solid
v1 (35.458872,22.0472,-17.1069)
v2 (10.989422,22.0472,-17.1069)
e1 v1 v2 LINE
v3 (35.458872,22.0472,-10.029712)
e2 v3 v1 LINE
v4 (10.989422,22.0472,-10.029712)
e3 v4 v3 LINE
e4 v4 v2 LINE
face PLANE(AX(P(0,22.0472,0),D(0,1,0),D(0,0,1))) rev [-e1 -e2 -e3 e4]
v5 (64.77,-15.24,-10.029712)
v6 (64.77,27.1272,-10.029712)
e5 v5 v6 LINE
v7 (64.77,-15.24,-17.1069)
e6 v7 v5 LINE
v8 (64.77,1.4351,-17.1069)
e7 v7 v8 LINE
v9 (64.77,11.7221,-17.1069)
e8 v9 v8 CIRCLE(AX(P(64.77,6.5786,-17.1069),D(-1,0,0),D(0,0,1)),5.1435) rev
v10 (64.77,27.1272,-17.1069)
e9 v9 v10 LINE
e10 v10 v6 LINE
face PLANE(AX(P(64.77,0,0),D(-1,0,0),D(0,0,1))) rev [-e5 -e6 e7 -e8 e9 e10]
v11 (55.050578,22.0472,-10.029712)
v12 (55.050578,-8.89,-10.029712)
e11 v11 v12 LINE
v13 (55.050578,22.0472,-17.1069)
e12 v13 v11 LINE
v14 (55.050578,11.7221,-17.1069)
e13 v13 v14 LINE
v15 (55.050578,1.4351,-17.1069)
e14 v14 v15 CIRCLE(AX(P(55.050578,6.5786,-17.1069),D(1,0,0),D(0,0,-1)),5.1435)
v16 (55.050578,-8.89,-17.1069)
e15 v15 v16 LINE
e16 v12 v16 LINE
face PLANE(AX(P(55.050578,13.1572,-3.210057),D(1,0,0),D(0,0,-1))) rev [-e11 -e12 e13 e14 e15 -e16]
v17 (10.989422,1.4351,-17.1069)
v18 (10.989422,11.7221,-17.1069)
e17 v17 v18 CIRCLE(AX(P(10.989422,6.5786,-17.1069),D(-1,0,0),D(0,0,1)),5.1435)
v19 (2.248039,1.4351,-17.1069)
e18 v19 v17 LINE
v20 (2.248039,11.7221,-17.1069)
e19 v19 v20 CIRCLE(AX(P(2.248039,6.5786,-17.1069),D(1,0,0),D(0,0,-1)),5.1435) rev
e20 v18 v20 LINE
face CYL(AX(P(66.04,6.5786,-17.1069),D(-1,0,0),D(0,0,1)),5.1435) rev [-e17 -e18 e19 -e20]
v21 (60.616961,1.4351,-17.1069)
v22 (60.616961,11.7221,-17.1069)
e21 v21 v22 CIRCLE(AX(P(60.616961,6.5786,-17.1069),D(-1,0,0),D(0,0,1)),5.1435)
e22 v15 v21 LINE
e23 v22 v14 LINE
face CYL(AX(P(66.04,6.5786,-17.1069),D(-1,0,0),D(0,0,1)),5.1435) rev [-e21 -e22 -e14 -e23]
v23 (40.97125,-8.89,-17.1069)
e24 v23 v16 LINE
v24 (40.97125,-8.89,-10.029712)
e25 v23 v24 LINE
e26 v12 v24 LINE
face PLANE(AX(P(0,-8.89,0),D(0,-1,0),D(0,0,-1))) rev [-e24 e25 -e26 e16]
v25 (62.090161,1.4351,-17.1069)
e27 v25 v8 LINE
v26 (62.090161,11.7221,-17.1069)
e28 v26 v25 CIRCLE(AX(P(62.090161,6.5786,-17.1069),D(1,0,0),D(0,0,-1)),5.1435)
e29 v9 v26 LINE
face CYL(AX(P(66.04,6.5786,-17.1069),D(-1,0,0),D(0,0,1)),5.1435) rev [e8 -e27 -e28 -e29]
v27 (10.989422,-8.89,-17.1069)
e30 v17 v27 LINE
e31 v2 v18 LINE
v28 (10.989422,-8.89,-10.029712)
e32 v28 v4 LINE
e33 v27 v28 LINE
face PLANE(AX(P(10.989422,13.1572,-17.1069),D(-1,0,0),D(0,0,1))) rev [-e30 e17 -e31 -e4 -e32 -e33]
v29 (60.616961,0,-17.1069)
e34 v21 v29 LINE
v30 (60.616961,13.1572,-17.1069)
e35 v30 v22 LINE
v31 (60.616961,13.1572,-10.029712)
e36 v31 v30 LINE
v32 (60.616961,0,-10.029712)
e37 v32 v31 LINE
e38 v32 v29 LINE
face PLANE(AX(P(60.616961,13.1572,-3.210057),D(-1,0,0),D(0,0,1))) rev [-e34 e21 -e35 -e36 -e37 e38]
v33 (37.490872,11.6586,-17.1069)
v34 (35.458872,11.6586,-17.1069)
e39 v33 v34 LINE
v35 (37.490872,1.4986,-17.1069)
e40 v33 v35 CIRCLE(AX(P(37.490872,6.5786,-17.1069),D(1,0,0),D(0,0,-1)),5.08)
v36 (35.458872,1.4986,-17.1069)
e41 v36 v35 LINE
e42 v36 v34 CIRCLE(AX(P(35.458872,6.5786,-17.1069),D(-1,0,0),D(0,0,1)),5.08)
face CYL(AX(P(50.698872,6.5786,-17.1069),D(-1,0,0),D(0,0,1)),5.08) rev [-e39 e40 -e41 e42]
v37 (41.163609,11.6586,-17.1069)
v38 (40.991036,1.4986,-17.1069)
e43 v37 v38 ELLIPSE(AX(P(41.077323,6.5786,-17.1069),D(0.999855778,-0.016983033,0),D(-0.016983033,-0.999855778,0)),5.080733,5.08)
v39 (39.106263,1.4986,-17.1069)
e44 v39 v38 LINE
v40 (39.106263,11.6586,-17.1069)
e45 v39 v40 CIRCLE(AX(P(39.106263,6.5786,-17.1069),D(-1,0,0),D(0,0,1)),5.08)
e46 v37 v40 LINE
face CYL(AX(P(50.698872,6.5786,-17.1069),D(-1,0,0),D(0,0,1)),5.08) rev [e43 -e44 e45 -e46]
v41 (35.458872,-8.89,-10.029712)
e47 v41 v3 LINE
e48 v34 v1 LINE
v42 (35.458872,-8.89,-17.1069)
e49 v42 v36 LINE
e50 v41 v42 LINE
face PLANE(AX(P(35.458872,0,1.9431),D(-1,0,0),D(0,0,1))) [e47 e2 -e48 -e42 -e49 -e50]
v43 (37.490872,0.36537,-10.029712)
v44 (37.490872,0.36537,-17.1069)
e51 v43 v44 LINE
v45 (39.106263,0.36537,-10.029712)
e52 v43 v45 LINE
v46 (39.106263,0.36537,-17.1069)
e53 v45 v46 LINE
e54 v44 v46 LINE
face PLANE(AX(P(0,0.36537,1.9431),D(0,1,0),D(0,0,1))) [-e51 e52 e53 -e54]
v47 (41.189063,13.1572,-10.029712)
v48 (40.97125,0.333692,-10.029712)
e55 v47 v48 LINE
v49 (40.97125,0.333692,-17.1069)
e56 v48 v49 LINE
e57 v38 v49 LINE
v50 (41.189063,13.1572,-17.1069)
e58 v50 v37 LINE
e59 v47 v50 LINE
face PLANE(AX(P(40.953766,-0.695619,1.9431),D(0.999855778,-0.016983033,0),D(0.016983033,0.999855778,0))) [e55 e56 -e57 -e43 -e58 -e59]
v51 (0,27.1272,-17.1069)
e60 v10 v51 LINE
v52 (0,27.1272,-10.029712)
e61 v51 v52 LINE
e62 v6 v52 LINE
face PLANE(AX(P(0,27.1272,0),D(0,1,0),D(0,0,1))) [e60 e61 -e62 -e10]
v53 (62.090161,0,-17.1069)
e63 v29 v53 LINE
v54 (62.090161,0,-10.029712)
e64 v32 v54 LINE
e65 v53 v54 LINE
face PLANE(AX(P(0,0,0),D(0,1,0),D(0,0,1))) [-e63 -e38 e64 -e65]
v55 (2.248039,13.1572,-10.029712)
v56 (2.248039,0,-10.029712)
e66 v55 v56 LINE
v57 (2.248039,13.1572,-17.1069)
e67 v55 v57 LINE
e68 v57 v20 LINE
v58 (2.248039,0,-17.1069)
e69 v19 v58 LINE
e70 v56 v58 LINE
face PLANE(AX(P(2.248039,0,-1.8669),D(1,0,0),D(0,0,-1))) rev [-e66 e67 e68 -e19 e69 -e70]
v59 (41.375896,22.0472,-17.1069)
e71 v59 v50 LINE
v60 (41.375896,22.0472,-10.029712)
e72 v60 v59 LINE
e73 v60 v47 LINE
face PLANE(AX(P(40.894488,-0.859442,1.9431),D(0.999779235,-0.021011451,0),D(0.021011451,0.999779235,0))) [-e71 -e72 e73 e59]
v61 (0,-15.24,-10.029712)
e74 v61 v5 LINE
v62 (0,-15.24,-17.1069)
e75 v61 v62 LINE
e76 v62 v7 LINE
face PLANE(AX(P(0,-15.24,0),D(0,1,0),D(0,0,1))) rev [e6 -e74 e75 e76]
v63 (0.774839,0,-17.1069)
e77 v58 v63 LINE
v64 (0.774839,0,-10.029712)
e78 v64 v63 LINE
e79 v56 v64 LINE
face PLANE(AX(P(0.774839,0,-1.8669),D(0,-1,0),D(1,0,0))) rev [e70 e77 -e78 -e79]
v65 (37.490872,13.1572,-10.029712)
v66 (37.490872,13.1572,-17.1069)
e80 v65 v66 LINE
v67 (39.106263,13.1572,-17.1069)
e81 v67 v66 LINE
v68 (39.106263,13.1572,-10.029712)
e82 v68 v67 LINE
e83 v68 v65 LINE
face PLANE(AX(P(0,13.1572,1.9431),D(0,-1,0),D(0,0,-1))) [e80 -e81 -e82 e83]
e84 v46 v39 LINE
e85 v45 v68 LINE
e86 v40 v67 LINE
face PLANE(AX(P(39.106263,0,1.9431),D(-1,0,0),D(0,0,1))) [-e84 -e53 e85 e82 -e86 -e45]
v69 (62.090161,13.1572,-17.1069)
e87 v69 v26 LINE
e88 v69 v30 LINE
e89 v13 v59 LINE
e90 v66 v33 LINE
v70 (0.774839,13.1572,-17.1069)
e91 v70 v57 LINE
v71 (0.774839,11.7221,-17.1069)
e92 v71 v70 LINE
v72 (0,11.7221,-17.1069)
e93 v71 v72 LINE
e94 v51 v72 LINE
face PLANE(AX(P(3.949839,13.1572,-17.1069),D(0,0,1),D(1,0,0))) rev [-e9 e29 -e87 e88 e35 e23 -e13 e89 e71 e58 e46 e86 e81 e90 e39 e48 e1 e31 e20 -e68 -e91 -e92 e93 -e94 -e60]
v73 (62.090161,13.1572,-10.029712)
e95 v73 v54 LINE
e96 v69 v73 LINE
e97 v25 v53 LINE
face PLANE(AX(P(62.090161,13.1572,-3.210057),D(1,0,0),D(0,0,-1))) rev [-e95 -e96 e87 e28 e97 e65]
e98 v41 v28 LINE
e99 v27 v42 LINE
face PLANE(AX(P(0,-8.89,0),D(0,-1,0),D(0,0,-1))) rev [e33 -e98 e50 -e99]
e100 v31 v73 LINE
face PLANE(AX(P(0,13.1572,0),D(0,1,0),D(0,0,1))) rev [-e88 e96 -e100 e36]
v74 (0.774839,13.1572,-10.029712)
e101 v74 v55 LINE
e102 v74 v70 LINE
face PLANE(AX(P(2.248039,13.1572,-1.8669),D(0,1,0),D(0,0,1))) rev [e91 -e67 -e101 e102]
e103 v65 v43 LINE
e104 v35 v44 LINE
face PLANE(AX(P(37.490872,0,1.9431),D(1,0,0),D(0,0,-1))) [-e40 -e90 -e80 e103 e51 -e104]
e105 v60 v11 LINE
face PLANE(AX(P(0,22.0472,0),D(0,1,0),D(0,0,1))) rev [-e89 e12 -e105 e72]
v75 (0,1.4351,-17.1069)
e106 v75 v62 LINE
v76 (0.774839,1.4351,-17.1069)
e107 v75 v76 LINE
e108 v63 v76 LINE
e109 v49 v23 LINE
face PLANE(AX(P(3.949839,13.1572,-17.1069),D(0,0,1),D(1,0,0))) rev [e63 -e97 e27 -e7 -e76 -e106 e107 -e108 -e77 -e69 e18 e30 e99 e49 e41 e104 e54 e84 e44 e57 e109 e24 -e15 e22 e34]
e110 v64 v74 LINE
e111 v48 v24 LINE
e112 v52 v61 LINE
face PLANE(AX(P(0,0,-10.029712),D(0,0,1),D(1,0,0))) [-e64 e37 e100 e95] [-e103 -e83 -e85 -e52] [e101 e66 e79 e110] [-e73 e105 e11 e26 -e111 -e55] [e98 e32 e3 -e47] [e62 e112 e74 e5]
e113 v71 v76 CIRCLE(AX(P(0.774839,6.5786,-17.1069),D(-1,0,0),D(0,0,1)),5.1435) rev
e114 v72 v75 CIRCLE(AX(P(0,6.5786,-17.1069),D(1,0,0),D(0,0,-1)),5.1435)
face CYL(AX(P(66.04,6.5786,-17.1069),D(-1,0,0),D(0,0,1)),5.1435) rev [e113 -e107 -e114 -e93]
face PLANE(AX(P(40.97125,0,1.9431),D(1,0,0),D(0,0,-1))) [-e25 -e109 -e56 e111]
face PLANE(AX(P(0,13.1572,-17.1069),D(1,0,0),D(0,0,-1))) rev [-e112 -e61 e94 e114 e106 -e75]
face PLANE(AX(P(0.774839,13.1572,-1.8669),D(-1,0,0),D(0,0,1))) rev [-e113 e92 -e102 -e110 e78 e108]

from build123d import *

# Parameters (mm, degrees)
BOSS_EXTRUDE1_DEPTH     = 13.1572
BOSS_EXTRUDE2_DEPTH     = 8.89
SKETCH3_W               = 66.04
SKETCH3_H               = 20.285187831
BOSS_EXTRUDE3_DEPTH     = 5.08
BOSS_EXTRUDE4_DEPTH     = 8.89
CUT_EXTRUDE1_DEPTH      = 64.71104446
CUT_EXTRUDE1_DEPTH_BACK = 64.71104446
SKETCH6_R               = 5.1435
SKETCH7_W               = 66.04
SKETCH7_H               = 20.285187831
BOSS_EXTRUDE5_DEPTH     = 25.4
SKETCH9_W               = 1.615391333
SKETCH9_H               = 12.791830428
BOSS_EXTRUDE6_DEPTH     = 19.05
SKETCH10_R              = 5.08
CUT_EXTRUDE2_DEPTH      = 15.24
CUT_EXTRUDE3_DEPTH      = 1.27
SKETCH14_W              = 1.4732
SKETCH14_H              = 13.1572
CUT_EXTRUDE4_DEPTH      = 15.24
SKETCH15_W              = 64.77
SKETCH15_H              = 20.285187831
CUT_EXTRUDE5_DEPTH      = 19.05
BOSS_EXTRUDE7_DEPTH     = 1.4986
SKETCH17_W              = 64.77
SKETCH17_H              = 42.3672
CUT_EXTRUDE7_DEPTH      = 13.208


with BuildPart() as part:
    # Sketch1 → Boss-Extrude1 (new body)
    with BuildSketch(Plane(origin=(0, 0, 0), x_dir=(1, 0, 0), z_dir=(0, 1, 0))):
        Polygon((3.949839476, 3.210057439), (3.949839476, 17.1069), (0, 17.1069), (0, 0), (0, -3.178287831), (66.04, -3.178287831), (66.04, 0), (66.04, 17.1069), (62.090160524, 17.1069), (62.090160524, 3.210057439), (60.616960524, 3.210057439), (60.616960524, 17.1069), (55.050578368, 17.1069), (55.050578368, 3.210057439), (55.050578368, 0), (10.989421632, 0), (10.989421632, 3.210057439), (10.989421632, 17.1069), (5.423039476, 17.1069), (5.423039476, 3.210057439), align=None)
    extrude(amount=BOSS_EXTRUDE1_DEPTH)

    # Sketch2 → Boss-Extrude2 (add)
    with BuildSketch(Plane(origin=(0, 13.1572, 0), x_dir=(1, 0, 0), z_dir=(0, 1, 0))):
        Polygon((10.989421632, 17.1069), (0, 17.1069), (0, -3.178287831), (66.04, -3.178287831), (66.04, 17.1069), (55.050578368, 17.1069), (55.050578368, -0.226283794), (10.989421632, 0), align=None)
    extrude(amount=BOSS_EXTRUDE2_DEPTH)

    # Sketch3 → Boss-Extrude3 (add)
    with BuildSketch(Plane(origin=(0, 22.0472, 0), x_dir=(1, 0, 0), z_dir=(0, 1, 0))):
        with Locations((33.02, 6.964306084)):
            Rectangle(SKETCH3_W, SKETCH3_H)
    extrude(amount=BOSS_EXTRUDE3_DEPTH)

    # Sketch4 → Boss-Extrude4 (add)
    with BuildSketch(Plane.XZ):
        Polygon((66.04, -17.1069), (55.050578368, -17.1069), (55.050578368, 0), (10.989421632, 0), (10.989421632, -17.1069), (0, -17.1069), (0, 3.178287831), (66.04, 3.178287831), align=None)
    extrude(amount=BOSS_EXTRUDE4_DEPTH)

    # Sketch6 → Cut-Extrude1 (cut, two sides: drawn at the far end of the back side and taken through both)
    with BuildSketch(Plane.ZY.offset(-55.050578368).offset(-CUT_EXTRUDE1_DEPTH_BACK)):
        with Locations((-17.1069, 6.5786)):
            Circle(SKETCH6_R)
    extrude(amount=CUT_EXTRUDE1_DEPTH + CUT_EXTRUDE1_DEPTH_BACK, mode=Mode.SUBTRACT)

    # Sketch7 → Boss-Extrude5 (add)
    with BuildSketch(Plane.XZ.offset(8.89)):
        with Locations((33.02, -6.964306084)):
            Rectangle(SKETCH7_W, SKETCH7_H)
    extrude(amount=BOSS_EXTRUDE5_DEPTH)

    # Sketch9 → Boss-Extrude6 (add)
    with BuildSketch(Plane(origin=(0, 0, -17.1069), x_dir=(-1, 0, 0), z_dir=(0, 0, -1))):
        Polygon((-41.375896334, 22.0472), (-41.18906329, 13.1572), (-40.971249817, 0.333691876), (-40.971249817, -8.89), (-37.490871957, -8.89), (-35.458871957, -8.89), (-35.458871957, 13.1572), (-35.458871957, 22.0472), align=None)
        with Locations((-38.298567624, 6.761284786)):
            Rectangle(SKETCH9_W, SKETCH9_H, mode=Mode.SUBTRACT)
    extrude(amount=-BOSS_EXTRUDE6_DEPTH)

    # Sketch10 → Cut-Extrude2 (cut)
    with BuildSketch(Plane.ZY.offset(-35.458871957)):
        with Locations((-17.1069, 6.5786)):
            Circle(SKETCH10_R)
    extrude(amount=-CUT_EXTRUDE2_DEPTH, mode=Mode.SUBTRACT)

    # Sketch12 → Cut-Extrude3 (cut)
    with BuildSketch(Plane(origin=(66.04, 0, 0), x_dir=(0, 0, -1), z_dir=(1, 0, 0))):
        Polygon((17.1069, 27.1272), (17.1069, 11.7221), (17.1069, 1.4351), (17.1069, -34.29), (-3.178287831, -34.29), (-3.52610715, 27.1272), align=None)
    extrude(amount=-CUT_EXTRUDE3_DEPTH, mode=Mode.SUBTRACT)

    # Sketch14 → Cut-Extrude4 (cut)
    with BuildSketch(Plane(origin=(0, 0, -17.1069), x_dir=(-1, 0, 0), z_dir=(0, 0, -1))):
        with Locations((-4.686439476, 6.5786)):
            Rectangle(SKETCH14_W, SKETCH14_H)
        with Locations((-1.511439476, 6.5786)):
            Rectangle(SKETCH14_W, SKETCH14_H)
    extrude(amount=-CUT_EXTRUDE4_DEPTH, mode=Mode.SUBTRACT)

    # Sketch15 → Cut-Extrude5 (cut)
    with BuildSketch(Plane.XZ.offset(34.29)):
        with Locations((32.385, -6.964306084)):
            Rectangle(SKETCH15_W, SKETCH15_H)
    extrude(amount=-CUT_EXTRUDE5_DEPTH, mode=Mode.SUBTRACT)

    # Sketch16 → Boss-Extrude7 (add)
    with BuildSketch(Plane.ZY.offset(-5.423039476)):
        with BuildLine():
            Line((-17.1069, 13.1572), (6.075816752, 13.1572))
            Line((6.075816752, 13.1572), (6.075816752, 0))
            Line((6.075816752, 0), (-17.1069, 0))
            Line((-17.1069, 0), (-17.1069, 1.4351))
            ThreePointArc((-17.1069, 1.4351), (-11.9634, 6.5786), (-17.1069, 11.7221))
            Line((-17.1069, 11.7221), (-17.1069, 13.1572))
        make_face()
    extrude(amount=BOSS_EXTRUDE7_DEPTH)

    # Sketch17 → Cut-Extrude7 (cut)
    with BuildSketch(Plane.XY.offset(3.178287831)):
        with Locations((32.385, 5.9436)):
            Rectangle(SKETCH17_W, SKETCH17_H)
    extrude(amount=-CUT_EXTRUDE7_DEPTH, mode=Mode.SUBTRACT)


with BuildPart() as body_2:
    # of the pieces the cut leaves, the one that is kept (cut_extrude7_keep)
    add(part.part.solids().sort_by_distance((10.989421632, 11.7221, -17.1069))[0])


solid = body_2.part
